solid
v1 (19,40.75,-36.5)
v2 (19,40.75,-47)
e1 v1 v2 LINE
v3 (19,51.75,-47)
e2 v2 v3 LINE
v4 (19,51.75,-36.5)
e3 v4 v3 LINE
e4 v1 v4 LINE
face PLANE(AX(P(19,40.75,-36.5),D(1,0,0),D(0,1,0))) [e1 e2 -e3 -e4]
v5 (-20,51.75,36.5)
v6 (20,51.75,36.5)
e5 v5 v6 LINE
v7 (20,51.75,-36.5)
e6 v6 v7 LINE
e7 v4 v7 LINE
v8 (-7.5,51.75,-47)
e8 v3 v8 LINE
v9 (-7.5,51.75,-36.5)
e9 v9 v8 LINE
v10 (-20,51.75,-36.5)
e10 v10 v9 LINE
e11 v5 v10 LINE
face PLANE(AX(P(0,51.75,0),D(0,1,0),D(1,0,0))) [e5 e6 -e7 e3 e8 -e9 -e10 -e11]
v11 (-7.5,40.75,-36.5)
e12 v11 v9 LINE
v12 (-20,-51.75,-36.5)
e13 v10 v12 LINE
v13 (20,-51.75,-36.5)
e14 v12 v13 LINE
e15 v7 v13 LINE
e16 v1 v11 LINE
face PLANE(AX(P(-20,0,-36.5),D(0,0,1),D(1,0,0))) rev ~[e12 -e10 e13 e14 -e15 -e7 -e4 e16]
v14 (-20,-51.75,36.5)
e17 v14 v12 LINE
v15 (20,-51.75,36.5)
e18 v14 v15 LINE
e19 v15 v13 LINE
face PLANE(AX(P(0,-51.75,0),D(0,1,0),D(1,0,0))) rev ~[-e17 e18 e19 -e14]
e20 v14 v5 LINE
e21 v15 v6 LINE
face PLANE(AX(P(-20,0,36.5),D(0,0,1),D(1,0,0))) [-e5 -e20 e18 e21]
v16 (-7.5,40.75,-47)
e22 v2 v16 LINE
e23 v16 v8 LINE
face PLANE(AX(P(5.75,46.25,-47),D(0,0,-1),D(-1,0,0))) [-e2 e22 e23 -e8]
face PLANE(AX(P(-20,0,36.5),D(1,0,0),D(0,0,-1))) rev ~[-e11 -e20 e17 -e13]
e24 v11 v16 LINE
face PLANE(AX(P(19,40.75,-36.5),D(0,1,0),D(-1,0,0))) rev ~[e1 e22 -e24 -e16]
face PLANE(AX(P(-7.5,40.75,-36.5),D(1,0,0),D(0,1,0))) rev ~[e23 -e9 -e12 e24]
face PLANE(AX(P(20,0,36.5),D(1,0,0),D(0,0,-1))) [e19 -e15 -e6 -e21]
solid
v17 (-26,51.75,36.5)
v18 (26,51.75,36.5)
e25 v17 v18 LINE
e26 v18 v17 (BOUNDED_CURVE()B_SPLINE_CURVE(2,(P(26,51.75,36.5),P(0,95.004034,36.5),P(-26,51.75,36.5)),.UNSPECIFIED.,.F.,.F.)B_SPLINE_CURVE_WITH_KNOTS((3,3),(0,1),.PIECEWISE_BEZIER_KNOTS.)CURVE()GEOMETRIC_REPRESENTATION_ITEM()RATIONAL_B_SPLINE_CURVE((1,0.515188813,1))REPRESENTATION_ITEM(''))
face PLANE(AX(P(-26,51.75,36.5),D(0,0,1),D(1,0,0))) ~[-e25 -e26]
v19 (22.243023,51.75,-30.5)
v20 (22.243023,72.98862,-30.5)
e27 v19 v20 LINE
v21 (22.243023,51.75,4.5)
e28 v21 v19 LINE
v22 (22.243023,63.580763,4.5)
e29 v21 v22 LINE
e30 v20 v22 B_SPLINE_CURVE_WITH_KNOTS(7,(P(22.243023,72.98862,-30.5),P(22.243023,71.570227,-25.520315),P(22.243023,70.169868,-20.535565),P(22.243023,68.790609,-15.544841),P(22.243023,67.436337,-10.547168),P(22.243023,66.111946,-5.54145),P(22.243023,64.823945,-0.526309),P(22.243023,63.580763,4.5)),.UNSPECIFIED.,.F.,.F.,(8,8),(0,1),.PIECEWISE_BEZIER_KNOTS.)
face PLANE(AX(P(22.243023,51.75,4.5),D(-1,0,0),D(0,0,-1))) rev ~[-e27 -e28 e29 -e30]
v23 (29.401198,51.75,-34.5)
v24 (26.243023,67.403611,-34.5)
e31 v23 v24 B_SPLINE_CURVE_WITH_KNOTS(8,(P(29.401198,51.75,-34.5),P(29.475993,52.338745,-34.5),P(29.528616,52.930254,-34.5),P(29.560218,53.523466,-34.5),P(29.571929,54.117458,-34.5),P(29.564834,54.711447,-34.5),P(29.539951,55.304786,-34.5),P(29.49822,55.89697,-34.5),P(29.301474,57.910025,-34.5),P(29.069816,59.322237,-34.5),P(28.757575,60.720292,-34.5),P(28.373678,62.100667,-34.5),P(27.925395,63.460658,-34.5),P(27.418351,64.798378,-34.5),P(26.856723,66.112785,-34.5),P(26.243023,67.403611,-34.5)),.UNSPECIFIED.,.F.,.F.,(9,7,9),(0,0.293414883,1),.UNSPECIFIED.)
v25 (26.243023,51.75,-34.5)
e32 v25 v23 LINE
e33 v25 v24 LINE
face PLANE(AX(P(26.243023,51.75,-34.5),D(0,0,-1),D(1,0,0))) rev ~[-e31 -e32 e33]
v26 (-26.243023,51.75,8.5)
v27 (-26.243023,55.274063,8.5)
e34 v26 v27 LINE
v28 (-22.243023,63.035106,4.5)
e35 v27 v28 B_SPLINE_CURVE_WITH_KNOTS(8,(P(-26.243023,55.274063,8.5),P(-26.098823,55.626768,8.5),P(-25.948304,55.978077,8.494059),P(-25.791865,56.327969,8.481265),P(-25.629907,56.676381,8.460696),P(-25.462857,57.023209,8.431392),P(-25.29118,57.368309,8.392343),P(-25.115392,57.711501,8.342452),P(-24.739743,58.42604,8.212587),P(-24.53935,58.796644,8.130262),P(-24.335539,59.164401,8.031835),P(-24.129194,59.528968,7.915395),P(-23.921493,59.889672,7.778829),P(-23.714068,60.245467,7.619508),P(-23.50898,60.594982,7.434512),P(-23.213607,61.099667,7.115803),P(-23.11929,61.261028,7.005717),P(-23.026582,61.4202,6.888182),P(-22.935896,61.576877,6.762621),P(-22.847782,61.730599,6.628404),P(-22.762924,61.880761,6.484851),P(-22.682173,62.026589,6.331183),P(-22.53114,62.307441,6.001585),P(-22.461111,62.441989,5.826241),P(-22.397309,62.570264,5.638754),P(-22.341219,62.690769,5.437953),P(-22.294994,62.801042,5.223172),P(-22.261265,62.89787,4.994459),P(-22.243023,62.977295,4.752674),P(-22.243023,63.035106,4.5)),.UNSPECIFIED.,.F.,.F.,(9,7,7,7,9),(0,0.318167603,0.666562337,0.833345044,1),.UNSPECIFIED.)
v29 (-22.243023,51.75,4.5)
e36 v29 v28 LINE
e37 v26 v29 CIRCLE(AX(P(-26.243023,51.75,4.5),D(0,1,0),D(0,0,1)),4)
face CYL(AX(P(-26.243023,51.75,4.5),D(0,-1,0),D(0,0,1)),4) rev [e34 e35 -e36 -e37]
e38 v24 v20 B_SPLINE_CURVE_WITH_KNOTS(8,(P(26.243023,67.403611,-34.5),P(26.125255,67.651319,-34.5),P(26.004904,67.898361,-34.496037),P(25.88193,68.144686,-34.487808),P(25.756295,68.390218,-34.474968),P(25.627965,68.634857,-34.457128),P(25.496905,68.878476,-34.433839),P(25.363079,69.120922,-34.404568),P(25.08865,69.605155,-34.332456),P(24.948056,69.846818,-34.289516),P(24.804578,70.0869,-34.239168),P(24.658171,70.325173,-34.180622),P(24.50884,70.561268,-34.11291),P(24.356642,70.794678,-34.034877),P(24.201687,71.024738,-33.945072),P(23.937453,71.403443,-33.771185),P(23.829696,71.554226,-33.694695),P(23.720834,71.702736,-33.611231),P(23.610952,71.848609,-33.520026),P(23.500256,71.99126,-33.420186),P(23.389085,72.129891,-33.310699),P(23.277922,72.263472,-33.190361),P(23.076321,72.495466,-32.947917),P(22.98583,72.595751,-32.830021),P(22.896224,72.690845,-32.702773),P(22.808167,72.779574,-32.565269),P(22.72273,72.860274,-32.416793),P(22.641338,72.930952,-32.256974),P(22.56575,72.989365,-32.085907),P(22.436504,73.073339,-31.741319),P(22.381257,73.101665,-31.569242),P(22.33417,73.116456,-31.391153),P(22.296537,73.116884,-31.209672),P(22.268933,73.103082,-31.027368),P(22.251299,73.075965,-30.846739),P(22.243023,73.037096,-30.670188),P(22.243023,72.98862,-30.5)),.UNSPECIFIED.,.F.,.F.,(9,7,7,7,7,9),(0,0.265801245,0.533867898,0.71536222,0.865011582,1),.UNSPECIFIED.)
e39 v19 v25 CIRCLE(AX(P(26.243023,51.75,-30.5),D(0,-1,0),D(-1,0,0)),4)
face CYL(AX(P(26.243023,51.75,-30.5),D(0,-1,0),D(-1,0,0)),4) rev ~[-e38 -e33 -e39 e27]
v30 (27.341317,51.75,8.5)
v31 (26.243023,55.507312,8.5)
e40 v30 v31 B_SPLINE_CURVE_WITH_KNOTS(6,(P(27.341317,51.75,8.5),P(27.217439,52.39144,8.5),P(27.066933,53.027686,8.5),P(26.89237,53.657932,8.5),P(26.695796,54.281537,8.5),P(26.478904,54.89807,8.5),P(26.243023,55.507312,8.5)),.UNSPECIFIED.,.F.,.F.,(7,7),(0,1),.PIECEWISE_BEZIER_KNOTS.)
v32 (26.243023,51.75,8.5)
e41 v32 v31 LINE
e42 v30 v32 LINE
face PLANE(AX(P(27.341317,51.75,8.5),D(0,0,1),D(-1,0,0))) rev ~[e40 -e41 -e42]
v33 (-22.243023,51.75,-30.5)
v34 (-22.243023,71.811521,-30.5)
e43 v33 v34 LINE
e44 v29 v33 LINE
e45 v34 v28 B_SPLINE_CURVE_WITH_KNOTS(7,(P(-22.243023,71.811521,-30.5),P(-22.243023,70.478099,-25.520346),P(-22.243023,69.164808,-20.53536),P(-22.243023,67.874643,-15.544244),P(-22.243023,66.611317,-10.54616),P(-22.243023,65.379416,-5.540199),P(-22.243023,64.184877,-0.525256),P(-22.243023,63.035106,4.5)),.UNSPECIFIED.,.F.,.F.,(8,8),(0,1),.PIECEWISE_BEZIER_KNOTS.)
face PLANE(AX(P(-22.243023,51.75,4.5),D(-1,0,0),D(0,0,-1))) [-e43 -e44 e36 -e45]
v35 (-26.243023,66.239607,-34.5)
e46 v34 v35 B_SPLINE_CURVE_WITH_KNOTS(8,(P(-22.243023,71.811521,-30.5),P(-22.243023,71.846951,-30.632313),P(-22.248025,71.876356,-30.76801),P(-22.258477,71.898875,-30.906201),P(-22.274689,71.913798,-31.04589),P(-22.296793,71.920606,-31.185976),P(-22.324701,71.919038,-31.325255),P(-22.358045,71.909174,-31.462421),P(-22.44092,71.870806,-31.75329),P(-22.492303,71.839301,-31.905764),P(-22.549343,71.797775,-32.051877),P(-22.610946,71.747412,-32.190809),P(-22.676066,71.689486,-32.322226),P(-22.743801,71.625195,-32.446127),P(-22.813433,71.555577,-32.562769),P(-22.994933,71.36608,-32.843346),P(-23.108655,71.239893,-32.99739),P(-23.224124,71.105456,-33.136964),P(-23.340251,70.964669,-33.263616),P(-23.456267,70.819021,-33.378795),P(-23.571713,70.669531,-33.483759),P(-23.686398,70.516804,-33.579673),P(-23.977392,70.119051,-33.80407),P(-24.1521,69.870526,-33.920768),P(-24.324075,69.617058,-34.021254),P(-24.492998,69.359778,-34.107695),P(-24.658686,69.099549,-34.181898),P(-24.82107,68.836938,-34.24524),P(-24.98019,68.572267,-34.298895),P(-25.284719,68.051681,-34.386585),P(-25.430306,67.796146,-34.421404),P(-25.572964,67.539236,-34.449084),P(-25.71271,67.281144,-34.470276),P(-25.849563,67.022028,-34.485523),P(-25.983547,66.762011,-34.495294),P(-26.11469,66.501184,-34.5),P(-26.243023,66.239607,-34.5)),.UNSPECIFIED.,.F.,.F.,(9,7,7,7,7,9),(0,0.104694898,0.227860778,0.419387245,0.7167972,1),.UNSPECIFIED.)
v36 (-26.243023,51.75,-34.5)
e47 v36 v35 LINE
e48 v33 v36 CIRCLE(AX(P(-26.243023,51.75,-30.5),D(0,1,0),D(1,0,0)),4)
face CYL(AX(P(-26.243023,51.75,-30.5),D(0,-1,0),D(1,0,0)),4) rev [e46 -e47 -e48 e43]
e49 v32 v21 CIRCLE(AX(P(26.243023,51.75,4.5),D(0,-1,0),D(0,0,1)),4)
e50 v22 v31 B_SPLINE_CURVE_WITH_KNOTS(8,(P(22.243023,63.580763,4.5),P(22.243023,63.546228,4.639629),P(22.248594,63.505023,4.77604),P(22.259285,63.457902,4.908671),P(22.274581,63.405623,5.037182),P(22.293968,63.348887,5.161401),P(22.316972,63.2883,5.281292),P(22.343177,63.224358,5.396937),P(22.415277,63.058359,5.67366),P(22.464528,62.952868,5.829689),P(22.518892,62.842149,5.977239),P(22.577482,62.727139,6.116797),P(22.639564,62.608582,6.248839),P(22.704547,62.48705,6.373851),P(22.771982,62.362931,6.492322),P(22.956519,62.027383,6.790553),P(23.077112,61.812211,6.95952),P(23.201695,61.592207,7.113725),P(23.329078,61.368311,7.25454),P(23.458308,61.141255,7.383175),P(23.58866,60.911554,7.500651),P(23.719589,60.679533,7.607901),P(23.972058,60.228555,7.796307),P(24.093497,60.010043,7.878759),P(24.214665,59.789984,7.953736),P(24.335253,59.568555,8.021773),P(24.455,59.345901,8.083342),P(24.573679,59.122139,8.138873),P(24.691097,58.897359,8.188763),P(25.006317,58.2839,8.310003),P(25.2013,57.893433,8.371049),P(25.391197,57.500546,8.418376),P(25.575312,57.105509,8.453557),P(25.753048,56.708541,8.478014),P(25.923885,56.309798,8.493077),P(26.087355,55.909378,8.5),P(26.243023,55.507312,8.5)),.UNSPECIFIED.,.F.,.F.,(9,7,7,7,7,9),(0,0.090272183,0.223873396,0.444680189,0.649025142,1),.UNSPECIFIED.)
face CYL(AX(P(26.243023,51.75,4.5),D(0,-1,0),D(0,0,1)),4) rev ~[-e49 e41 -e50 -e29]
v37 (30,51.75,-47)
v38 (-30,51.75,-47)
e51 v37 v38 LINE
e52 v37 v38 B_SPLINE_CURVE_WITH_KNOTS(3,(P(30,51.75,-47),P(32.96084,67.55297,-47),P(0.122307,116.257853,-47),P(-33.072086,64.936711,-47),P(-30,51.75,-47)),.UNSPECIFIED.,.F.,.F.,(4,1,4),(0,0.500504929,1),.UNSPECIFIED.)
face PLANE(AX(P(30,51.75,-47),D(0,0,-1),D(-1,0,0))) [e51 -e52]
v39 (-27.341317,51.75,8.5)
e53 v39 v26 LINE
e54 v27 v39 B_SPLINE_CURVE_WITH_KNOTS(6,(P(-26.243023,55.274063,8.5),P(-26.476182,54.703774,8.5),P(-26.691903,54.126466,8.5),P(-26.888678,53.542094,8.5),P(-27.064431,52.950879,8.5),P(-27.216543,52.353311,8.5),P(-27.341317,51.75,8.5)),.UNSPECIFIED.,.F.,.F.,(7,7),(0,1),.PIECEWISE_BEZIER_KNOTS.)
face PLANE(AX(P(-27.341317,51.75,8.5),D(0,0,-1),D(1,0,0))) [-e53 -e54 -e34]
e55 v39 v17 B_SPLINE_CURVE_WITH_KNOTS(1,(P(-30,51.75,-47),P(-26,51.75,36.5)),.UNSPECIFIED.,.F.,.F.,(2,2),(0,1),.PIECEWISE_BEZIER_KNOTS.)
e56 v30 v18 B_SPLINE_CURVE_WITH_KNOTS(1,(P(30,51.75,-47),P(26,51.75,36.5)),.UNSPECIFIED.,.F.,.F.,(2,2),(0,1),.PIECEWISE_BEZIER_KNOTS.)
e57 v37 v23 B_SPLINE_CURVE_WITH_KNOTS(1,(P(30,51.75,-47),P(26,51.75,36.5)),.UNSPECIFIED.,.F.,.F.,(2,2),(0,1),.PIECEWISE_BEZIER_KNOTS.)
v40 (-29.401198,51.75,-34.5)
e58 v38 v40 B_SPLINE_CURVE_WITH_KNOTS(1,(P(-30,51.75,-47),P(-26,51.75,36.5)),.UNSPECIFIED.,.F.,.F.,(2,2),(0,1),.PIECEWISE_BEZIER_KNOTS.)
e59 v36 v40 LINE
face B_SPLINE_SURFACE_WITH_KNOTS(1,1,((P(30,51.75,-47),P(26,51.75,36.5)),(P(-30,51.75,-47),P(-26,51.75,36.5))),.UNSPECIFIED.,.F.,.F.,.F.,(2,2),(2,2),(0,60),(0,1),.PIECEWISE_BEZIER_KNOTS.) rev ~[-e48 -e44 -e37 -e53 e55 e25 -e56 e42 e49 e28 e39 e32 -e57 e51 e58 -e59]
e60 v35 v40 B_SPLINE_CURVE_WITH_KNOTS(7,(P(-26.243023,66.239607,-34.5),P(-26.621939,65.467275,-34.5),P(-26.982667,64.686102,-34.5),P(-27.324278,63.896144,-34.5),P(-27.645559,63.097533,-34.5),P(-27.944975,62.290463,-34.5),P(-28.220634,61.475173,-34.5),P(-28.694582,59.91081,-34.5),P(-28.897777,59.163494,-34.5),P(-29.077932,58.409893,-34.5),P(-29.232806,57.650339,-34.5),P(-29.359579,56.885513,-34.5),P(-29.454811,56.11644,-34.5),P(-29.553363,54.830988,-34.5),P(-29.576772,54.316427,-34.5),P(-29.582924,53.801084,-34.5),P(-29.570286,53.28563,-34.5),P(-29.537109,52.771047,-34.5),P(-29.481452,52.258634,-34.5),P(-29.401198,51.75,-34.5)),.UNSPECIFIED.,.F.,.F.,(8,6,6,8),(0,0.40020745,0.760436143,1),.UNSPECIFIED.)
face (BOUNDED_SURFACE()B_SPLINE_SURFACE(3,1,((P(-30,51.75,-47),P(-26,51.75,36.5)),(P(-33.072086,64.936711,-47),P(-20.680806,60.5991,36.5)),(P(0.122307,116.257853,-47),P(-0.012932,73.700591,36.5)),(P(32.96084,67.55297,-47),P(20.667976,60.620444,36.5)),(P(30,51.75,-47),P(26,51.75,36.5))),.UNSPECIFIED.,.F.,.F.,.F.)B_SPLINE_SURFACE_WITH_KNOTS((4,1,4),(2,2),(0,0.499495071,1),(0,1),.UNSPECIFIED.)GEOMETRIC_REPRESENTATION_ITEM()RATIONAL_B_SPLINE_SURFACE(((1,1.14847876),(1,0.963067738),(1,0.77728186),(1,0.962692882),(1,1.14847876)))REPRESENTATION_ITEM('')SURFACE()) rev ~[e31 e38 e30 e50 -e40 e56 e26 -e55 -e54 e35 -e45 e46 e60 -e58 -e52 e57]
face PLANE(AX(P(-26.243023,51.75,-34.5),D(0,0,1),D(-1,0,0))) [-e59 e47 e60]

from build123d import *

# Parameters (mm, degrees)
SKETCH_1_W          = 40
SKETCH_1_H          = 73
EXTRUDE_1_DEPTH     = 51.75
SKETCH_2_W          = 26.5
SKETCH_2_H          = 11
EXTRUDE_2_DEPTH     = 10.5
CUT_EXTRUDE_1_DEPTH = 118.658825115


with BuildPart() as part:
    # 草图1 → 凸台-拉伸1 (new, symmetric)
    with BuildSketch(Plane(origin=(0, 0, 0), x_dir=(1, 0, 0), z_dir=(0, 1, 0))):
        Rectangle(SKETCH_1_W, SKETCH_1_H)
    extrude(amount=EXTRUDE_1_DEPTH, both=True)

    # 草图2 → 凸台-拉伸2 (add)
    with BuildSketch(Plane(origin=(0, 0, -36.5), x_dir=(-1, 0, 0), z_dir=(0, 0, -1))):
        with Locations((-5.75, 46.25)):
            Rectangle(SKETCH_2_W, SKETCH_2_H)
    extrude(amount=EXTRUDE_2_DEPTH)


with BuildPart() as body_2:
    # 草图3 → 放样1 section 0
    with BuildSketch(Plane(origin=(0, 0, -47), x_dir=(-1, 0, 0), z_dir=(0, 0, -1))):
        with BuildLine():
            Line((-30, 51.75), (30, 51.75))
            add(Edge.make_bspline(
                [(-30, 51.75), (-32.960840364, 67.552970125), (-0.122307099, 116.257852524), (33.072086404, 64.936710937), (30, 51.75)],
                knots=[0, 0, 0, 0, 0.500504929, 1, 1, 1, 1], degree=3))
        make_face()
    # 草图4 for 放样1 → 放样1 section 1
    with BuildSketch(Plane.XY.offset(36.5)):
        with BuildLine():
            Line((-26, 51.75), (26, 51.75))
            # circular arc as an exact rational Bezier (weights 1, cos(half-angle), 1)
            Bezier((26, 51.75), (0, 95.0040341), (-26, 51.75), weights=[1, 0.515188813, 1])
        make_face()
    loft()

    # 草图5 → 切除-拉伸1 (cut, through all)
    with BuildSketch(Plane.XZ.offset(-51.75)):
        with BuildLine():
            Line((-27.341317365, 8.5), (-26.243023445, 8.5))
            ThreePointArc((-26.243023445, 8.5), (-23.41459632, 7.328427125), (-22.243023445, 4.5))
            Line((-22.243023445, 4.5), (-22.243023445, -30.5))
            ThreePointArc((-22.243023445, -30.5), (-23.41459632, -33.328427125), (-26.243023445, -34.5))
            Line((-26.243023445, -34.5), (-29.401197605, -34.5))
            Line((-29.401197605, -34.5), (-36.989276173, -34.5))
            Line((-36.989276173, -34.5), (-36.989276173, 9.347472548))
            Line((-36.989276173, 9.347472548), (-27.341317365, 8.5))
        make_face()
        with BuildLine():
            Line((36.989276173, 9.347472548), (27.341317365, 8.5))
            Line((27.341317365, 8.5), (26.243023445, 8.5))
            ThreePointArc((26.243023445, 8.5), (23.41459632, 7.328427125), (22.243023445, 4.5))
            Line((22.243023445, 4.5), (22.243023445, -30.5))
            ThreePointArc((22.243023445, -30.5), (23.41459632, -33.328427125), (26.243023445, -34.5))
            Line((26.243023445, -34.5), (29.401197605, -34.5))
            Line((29.401197605, -34.5), (36.989276173, -34.5))
            Line((36.989276173, -34.5), (36.989276173, 9.347472548))
        make_face()
    extrude(amount=-CUT_EXTRUDE_1_DEPTH, mode=Mode.SUBTRACT)


solid = Compound([part.part, body_2.part])
